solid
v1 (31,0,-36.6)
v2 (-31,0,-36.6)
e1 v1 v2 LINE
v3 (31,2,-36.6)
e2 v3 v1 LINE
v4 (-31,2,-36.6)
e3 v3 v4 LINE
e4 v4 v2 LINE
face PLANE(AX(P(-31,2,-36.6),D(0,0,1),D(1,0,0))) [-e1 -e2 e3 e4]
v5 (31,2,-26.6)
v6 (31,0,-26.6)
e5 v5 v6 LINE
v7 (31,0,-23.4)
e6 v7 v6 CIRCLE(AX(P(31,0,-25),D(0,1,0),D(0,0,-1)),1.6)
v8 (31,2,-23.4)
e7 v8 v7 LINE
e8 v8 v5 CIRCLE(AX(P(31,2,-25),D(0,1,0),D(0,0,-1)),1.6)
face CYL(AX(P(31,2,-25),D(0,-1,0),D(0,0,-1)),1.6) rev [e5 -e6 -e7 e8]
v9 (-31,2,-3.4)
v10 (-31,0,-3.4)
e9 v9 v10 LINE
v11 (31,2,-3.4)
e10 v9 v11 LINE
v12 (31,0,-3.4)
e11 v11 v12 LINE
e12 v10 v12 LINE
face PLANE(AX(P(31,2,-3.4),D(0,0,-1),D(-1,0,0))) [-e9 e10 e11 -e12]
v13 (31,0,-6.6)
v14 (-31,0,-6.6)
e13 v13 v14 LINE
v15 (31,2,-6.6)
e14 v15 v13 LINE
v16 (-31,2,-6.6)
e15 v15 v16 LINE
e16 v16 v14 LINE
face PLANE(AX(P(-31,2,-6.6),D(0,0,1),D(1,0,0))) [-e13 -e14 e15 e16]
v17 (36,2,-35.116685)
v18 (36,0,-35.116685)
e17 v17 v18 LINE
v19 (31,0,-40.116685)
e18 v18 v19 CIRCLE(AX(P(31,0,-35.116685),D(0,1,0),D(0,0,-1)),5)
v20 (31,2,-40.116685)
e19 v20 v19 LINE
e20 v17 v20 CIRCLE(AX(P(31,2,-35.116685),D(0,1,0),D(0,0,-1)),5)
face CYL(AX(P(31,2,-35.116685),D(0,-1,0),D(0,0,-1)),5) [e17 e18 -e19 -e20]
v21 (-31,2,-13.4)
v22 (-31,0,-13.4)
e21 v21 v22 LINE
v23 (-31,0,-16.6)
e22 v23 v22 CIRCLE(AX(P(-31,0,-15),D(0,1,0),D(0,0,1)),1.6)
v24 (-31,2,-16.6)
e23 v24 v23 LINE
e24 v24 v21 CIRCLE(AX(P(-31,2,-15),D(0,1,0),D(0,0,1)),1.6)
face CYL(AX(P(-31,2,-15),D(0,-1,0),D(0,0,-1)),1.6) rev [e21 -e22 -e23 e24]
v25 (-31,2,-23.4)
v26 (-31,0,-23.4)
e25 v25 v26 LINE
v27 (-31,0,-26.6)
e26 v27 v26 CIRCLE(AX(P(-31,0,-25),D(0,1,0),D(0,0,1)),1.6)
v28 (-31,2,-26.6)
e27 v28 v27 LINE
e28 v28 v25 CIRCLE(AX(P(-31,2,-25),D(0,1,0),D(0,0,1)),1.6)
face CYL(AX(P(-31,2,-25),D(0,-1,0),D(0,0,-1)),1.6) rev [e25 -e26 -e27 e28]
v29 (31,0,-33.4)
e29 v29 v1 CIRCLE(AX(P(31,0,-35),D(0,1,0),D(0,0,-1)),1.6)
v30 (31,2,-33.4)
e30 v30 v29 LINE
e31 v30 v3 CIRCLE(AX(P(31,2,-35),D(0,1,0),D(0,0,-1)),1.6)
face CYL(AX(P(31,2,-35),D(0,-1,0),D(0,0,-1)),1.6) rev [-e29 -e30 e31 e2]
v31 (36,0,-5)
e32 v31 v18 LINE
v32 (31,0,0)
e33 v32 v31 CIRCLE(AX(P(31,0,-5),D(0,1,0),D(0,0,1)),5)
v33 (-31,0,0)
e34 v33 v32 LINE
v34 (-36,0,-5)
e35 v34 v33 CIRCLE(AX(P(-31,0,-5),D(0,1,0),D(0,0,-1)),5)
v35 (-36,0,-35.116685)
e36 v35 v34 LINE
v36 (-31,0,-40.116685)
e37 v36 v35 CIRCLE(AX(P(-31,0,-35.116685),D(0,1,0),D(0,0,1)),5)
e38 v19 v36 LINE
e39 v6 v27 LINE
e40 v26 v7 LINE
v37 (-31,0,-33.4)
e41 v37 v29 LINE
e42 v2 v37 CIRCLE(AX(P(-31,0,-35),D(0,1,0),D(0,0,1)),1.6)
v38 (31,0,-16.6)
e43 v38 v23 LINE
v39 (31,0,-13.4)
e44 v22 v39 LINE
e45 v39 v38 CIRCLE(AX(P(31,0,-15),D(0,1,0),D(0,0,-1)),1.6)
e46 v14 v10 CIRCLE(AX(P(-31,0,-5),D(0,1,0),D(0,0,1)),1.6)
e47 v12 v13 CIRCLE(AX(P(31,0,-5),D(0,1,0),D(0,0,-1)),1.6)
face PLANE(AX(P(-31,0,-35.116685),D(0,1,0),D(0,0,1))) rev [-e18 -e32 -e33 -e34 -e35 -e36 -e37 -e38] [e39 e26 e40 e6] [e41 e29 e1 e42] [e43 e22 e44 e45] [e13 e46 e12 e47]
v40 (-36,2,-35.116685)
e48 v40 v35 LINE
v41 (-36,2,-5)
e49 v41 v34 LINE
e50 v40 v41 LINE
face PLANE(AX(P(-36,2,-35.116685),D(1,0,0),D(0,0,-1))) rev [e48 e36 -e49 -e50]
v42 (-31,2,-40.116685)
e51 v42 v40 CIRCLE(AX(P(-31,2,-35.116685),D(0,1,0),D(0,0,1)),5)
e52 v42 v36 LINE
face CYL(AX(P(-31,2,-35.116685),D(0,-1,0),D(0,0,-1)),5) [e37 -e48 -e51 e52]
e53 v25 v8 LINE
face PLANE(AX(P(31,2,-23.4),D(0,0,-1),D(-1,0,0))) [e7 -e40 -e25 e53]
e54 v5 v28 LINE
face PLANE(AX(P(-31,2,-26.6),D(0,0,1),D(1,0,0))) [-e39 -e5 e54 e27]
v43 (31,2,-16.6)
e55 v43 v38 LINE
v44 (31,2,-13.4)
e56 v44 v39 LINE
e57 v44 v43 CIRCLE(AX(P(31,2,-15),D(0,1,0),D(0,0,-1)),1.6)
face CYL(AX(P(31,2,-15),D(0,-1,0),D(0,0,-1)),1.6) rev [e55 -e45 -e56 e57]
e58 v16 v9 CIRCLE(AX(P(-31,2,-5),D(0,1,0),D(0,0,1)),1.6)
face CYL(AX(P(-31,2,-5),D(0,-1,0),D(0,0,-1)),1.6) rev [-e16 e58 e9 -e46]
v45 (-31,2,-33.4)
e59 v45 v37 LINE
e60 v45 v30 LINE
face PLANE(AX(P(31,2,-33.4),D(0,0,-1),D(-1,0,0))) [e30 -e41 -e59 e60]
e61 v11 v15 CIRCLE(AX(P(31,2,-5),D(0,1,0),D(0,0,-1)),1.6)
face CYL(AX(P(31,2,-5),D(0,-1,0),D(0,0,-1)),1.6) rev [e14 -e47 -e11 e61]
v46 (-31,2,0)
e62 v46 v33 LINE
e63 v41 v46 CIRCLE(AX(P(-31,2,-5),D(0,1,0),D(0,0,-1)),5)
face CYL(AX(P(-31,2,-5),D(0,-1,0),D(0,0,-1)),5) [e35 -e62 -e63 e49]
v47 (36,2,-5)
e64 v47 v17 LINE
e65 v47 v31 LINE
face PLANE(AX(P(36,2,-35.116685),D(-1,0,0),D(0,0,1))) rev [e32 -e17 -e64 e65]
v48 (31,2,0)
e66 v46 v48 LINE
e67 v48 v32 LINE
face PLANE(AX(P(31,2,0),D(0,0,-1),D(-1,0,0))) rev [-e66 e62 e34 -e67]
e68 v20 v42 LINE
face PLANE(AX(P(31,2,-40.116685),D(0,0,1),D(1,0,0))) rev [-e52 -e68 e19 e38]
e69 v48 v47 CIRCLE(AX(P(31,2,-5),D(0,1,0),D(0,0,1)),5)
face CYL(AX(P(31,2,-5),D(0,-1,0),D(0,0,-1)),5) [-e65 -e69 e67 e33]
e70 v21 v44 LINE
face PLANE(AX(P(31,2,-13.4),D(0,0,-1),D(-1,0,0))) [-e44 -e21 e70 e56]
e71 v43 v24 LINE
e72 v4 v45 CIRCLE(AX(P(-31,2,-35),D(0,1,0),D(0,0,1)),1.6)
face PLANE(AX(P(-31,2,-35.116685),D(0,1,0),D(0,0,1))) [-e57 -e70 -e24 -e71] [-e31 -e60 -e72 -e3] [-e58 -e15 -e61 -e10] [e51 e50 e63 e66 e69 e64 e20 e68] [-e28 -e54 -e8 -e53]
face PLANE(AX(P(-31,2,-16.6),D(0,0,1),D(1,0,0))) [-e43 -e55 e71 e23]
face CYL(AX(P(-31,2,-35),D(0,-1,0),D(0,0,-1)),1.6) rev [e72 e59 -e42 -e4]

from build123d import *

# Parameters (mm, degrees)
EXTRUDE_1_DEPTH = 2


with BuildPart() as part:
    # 草图1 → 凸台-拉伸1 (new body)
    with BuildSketch(Plane(origin=(0, 0, 0), x_dir=(1, 0, 0), z_dir=(0, 1, 0))):
        with BuildLine():
            Line((31, 40.116685184), (-31, 40.116685184))
            ThreePointArc((-31, 40.116685184), (-34.535533906, 38.652219089), (-36, 35.116685184))
            Line((-36, 35.116685184), (-36, 5))
            ThreePointArc((-36, 5), (-34.535533906, 1.464466094), (-31, 0))
            Line((-31, 0), (31, 0))
            ThreePointArc((31, 0), (34.535533906, 1.464466094), (36, 5))
            Line((36, 5), (36, 35.116685184))
            ThreePointArc((36, 35.116685184), (34.535533906, 38.652219089), (31, 40.116685184))
        make_face()
        with BuildLine():
            Line((-31, 6.6), (0, 6.6))
            Line((0, 6.6), (31, 6.6))
            ThreePointArc((31, 6.6), (32.6, 5), (31, 3.4))
            Line((31, 3.4), (0, 3.4))
            Line((0, 3.4), (-31, 3.4))
            ThreePointArc((-31, 3.4), (-32.6, 5), (-31, 6.6))
        make_face(mode=Mode.SUBTRACT)
        with BuildLine():
            Line((-31, 16.6), (0, 16.6))
            Line((0, 16.6), (31, 16.6))
            ThreePointArc((31, 16.6), (32.6, 15), (31, 13.4))
            Line((31, 13.4), (0, 13.4))
            Line((0, 13.4), (-31, 13.4))
            ThreePointArc((-31, 13.4), (-32.6, 15), (-31, 16.6))
        make_face(mode=Mode.SUBTRACT)
        with BuildLine():
            Line((-31, 26.6), (0, 26.6))
            Line((0, 26.6), (31, 26.6))
            ThreePointArc((31, 26.6), (32.6, 25), (31, 23.4))
            Line((31, 23.4), (0, 23.4))
            Line((0, 23.4), (-31, 23.4))
            ThreePointArc((-31, 23.4), (-32.6, 25), (-31, 26.6))
        make_face(mode=Mode.SUBTRACT)
        with BuildLine():
            Line((-31, 36.6), (0, 36.6))
            Line((0, 36.6), (31, 36.6))
            ThreePointArc((31, 36.6), (32.6, 35), (31, 33.4))
            Line((31, 33.4), (0, 33.4))
            Line((0, 33.4), (-31, 33.4))
            ThreePointArc((-31, 33.4), (-32.6, 35), (-31, 36.6))
        make_face(mode=Mode.SUBTRACT)
    extrude(amount=EXTRUDE_1_DEPTH)


solid = part.part
